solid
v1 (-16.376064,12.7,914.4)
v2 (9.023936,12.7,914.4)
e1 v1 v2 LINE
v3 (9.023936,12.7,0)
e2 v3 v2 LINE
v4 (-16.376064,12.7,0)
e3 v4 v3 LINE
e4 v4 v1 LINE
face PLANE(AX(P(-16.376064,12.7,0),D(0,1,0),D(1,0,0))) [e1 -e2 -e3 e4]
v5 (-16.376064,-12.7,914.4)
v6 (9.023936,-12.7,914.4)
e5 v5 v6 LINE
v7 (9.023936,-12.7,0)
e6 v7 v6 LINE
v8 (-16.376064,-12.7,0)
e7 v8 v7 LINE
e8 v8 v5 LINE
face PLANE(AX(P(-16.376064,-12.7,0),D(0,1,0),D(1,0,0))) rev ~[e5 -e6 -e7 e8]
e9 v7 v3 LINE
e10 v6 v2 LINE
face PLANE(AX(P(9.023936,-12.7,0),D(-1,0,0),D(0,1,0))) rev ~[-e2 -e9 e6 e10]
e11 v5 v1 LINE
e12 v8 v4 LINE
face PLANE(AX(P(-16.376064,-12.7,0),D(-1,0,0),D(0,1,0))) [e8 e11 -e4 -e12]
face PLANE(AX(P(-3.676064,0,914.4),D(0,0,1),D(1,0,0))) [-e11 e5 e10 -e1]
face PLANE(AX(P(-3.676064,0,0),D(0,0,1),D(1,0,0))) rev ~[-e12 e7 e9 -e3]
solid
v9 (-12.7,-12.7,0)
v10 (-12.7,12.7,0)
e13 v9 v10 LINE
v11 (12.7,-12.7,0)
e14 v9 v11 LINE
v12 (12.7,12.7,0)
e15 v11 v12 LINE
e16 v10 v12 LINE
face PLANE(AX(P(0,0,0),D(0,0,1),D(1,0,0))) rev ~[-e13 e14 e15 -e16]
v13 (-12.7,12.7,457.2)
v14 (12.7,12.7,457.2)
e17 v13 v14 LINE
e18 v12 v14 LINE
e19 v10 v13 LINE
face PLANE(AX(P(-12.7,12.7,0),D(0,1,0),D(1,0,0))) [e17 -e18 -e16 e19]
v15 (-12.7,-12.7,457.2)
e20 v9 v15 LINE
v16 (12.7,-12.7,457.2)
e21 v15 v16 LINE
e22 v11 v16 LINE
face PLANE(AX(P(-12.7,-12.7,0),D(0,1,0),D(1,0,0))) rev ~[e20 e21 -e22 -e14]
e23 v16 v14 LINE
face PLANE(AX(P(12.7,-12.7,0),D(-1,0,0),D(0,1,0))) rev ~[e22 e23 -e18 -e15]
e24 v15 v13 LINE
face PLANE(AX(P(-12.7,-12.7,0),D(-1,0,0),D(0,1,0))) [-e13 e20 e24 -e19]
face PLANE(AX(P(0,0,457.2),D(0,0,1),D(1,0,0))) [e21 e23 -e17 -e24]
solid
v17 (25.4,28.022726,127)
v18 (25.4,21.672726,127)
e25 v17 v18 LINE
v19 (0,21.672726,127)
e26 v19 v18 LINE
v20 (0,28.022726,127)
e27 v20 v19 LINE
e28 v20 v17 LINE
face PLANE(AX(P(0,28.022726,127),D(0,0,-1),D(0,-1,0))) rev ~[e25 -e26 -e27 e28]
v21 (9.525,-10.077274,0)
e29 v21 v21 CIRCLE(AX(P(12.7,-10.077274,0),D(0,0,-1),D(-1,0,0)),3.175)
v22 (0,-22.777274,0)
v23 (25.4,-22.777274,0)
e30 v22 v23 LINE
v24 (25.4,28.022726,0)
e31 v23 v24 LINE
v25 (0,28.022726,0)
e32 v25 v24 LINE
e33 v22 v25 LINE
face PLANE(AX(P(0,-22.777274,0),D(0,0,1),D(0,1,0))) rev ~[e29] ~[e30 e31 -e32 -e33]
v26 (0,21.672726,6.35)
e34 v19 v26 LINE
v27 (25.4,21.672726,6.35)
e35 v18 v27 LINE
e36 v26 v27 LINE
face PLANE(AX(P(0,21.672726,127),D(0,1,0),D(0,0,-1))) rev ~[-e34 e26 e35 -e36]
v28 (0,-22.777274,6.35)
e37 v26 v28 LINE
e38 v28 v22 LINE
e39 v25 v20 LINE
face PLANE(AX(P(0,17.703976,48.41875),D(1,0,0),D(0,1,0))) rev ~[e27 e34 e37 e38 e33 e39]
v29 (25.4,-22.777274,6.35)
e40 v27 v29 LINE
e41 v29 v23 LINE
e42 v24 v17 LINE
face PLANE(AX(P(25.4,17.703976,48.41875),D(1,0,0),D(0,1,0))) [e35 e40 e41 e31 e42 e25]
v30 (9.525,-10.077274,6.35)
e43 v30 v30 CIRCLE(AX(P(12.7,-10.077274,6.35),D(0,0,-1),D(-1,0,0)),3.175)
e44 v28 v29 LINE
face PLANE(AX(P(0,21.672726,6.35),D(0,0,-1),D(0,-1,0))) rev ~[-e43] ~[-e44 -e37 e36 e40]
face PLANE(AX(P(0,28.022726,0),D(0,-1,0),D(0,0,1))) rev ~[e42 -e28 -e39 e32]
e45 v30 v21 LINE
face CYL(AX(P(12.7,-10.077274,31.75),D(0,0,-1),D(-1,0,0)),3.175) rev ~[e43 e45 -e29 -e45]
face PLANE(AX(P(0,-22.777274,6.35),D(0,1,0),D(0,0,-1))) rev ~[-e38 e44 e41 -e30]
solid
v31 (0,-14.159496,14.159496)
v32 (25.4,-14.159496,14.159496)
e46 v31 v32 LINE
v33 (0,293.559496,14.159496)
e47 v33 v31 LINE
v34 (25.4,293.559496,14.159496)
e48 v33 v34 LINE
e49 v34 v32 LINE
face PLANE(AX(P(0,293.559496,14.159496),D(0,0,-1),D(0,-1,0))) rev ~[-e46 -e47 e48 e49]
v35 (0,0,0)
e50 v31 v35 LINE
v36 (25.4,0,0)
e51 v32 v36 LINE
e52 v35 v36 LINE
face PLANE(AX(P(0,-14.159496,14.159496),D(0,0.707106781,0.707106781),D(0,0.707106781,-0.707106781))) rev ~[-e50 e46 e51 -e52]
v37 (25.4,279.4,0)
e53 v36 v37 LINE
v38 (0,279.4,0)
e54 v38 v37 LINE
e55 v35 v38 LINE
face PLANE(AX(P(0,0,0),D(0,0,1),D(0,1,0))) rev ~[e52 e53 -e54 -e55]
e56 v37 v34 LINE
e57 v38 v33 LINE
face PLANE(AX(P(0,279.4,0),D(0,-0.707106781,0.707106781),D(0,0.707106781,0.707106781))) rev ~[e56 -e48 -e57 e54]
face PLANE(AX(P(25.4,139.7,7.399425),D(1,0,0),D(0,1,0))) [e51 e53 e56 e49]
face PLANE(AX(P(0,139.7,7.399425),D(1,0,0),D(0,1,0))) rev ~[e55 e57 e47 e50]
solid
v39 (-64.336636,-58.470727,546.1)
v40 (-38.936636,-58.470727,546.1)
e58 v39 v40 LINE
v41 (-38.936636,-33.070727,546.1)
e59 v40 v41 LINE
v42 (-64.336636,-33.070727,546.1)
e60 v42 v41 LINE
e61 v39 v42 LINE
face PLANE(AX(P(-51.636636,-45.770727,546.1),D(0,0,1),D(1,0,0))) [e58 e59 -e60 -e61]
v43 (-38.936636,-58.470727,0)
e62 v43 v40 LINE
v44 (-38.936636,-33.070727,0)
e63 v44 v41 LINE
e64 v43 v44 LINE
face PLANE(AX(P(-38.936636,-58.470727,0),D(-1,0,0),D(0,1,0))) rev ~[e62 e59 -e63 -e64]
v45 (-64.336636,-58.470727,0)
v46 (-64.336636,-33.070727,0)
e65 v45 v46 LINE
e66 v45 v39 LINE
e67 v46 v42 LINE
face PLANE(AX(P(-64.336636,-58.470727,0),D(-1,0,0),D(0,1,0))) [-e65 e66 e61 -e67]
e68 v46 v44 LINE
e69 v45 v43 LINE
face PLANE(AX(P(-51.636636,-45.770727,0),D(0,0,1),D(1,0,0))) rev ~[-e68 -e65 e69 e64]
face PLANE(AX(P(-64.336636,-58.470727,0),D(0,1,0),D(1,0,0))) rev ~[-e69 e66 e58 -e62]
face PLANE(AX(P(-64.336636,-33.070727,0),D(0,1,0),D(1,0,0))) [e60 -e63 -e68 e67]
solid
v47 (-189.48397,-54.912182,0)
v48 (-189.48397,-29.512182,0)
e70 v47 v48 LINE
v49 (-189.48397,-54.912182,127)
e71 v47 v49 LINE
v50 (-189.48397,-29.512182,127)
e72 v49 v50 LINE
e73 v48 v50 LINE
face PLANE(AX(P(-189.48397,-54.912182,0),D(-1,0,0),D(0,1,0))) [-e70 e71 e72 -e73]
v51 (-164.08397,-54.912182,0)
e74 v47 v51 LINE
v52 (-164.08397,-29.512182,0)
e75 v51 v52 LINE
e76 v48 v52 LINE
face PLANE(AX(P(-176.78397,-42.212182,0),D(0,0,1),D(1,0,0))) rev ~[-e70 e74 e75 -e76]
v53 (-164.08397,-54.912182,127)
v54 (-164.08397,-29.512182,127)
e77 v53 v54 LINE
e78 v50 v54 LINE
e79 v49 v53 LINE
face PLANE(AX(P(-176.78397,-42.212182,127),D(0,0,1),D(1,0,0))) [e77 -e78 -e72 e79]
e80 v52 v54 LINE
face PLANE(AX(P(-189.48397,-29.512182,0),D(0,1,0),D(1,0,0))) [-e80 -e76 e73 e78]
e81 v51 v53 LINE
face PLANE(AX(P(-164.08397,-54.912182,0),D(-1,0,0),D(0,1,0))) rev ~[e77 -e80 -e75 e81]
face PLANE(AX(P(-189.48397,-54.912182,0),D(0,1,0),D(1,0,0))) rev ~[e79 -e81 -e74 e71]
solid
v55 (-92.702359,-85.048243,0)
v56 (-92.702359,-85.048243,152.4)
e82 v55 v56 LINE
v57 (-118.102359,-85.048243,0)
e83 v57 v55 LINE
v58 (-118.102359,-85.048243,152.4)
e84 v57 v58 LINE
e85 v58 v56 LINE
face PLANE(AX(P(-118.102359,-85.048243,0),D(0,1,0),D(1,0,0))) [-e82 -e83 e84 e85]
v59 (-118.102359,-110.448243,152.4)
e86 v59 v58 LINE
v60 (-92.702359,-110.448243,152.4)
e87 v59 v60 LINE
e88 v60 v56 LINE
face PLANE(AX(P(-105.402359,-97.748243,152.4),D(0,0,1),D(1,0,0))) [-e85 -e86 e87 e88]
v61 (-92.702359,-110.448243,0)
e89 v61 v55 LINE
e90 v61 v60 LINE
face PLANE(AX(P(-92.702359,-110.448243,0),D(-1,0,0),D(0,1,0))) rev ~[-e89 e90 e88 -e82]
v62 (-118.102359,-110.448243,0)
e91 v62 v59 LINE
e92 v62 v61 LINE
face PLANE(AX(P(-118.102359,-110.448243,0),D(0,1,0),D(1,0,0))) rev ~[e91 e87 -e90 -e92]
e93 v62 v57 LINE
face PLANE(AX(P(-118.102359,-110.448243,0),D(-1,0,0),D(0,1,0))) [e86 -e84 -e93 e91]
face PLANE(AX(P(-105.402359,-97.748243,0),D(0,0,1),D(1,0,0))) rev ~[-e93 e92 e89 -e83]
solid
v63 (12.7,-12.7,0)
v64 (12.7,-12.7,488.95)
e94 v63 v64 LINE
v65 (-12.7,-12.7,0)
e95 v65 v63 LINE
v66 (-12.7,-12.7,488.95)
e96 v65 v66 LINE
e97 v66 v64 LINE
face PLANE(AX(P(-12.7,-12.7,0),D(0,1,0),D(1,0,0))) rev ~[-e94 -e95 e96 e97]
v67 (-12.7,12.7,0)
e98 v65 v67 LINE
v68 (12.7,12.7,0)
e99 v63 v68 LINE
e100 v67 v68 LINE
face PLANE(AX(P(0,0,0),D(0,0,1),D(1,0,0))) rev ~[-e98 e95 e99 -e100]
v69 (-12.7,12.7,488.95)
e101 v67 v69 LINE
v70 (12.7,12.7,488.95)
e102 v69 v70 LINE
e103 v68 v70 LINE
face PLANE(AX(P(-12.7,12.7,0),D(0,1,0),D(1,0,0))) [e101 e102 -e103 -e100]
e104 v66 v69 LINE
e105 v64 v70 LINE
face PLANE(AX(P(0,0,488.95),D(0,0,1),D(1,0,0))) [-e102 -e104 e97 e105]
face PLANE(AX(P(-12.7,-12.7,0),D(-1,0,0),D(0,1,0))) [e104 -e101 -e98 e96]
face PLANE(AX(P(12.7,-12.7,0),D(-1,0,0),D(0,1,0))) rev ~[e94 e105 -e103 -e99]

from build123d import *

# Parameters (mm, degrees)
F0_W      = 25.4
F0_H      = 25.4
F1_DEPTH  = 457.2
F2_W      = 25.4
F2_H      = 25.4
F3_DEPTH  = 546.1
F5_DEPTH  = 25.4
F6_W      = 25.4
F6_H      = 25.4
F7_DEPTH  = 127
F8_W      = 25.4
F8_H      = 25.4
F9_DEPTH  = 152.4
F11_DEPTH = 25.4
F12_W     = 25.4
F12_H     = 25.4
F13_DEPTH = 914.4
F14_W     = 25.4
F14_H     = 25.4
F15_DEPTH = 488.95
F17_D     = 6.35
F17_DEPTH = 25.4
F17_TIP   = 1.9077324654


with BuildPart() as f1:
    # F0 (on Top) → F1 (new body)
    with BuildSketch(Plane.XY):
        Rectangle(F0_W, F0_H)
    extrude(amount=F1_DEPTH)


with BuildPart() as f3:
    # F2 (on Top) → F3 (new body)
    with BuildSketch(Plane.XY):
        with Locations((-51.6366362572, -45.7707265022)):
            Rectangle(F2_W, F2_H)
    extrude(amount=F3_DEPTH)


with BuildPart() as f5:
    # F4 (on Right) → F5 (new body)
    with BuildSketch(Plane.YZ):
        Polygon((-22.777274251, 0), (28.022725749, 0), (28.022725749, 127), (21.672725749, 127), (21.672725749, 6.35), (-22.777274251, 6.35), align=None)
    extrude(amount=F5_DEPTH)

    # F17
    with Locations(Plane.XY.offset(6.35)):
        with Locations((12.7, -10.077274251)):
            Hole(F17_D / 2, depth=F17_DEPTH)
            with Locations((0, 0, -(F17_DEPTH + F17_TIP / 2))):  # 118° drill point
                Cone(0, F17_D / 2, F17_TIP, mode=Mode.SUBTRACT)


with BuildPart() as f7:
    # F6 (on Top) → F7 (new body)
    with BuildSketch(Plane.XY):
        with Locations((-176.7839704037, -42.2121815711)):
            Rectangle(F6_W, F6_H)
    extrude(amount=F7_DEPTH)


with BuildPart() as f9:
    # F8 (on Top) → F9 (new body)
    with BuildSketch(Plane.XY):
        with Locations((-105.4023589611, -97.7482430965)):
            Rectangle(F8_W, F8_H)
    extrude(amount=F9_DEPTH)


with BuildPart() as f11:
    # F10 (on Right) → F11 (new body)
    with BuildSketch(Plane.YZ):
        Polygon((-14.1594959423, 14.1594959423), (0, 0), (279.4, 0), (293.5594959423, 14.1594959423), align=None)
    extrude(amount=F11_DEPTH)


with BuildPart() as f13:
    # F12 (on Top) → F13 (new body)
    with BuildSketch(Plane.XY):
        with Locations((-3.6760638468, 0)):
            Rectangle(F12_W, F12_H)
    extrude(amount=F13_DEPTH)


with BuildPart() as f15:
    # F14 (on Top) → F15 (new body)
    with BuildSketch(Plane.XY):
        Rectangle(F14_W, F14_H)
    extrude(amount=F15_DEPTH)


solid = Compound([f1.part, f3.part, f5.part, f7.part, f9.part, f11.part, f13.part, f15.part])
